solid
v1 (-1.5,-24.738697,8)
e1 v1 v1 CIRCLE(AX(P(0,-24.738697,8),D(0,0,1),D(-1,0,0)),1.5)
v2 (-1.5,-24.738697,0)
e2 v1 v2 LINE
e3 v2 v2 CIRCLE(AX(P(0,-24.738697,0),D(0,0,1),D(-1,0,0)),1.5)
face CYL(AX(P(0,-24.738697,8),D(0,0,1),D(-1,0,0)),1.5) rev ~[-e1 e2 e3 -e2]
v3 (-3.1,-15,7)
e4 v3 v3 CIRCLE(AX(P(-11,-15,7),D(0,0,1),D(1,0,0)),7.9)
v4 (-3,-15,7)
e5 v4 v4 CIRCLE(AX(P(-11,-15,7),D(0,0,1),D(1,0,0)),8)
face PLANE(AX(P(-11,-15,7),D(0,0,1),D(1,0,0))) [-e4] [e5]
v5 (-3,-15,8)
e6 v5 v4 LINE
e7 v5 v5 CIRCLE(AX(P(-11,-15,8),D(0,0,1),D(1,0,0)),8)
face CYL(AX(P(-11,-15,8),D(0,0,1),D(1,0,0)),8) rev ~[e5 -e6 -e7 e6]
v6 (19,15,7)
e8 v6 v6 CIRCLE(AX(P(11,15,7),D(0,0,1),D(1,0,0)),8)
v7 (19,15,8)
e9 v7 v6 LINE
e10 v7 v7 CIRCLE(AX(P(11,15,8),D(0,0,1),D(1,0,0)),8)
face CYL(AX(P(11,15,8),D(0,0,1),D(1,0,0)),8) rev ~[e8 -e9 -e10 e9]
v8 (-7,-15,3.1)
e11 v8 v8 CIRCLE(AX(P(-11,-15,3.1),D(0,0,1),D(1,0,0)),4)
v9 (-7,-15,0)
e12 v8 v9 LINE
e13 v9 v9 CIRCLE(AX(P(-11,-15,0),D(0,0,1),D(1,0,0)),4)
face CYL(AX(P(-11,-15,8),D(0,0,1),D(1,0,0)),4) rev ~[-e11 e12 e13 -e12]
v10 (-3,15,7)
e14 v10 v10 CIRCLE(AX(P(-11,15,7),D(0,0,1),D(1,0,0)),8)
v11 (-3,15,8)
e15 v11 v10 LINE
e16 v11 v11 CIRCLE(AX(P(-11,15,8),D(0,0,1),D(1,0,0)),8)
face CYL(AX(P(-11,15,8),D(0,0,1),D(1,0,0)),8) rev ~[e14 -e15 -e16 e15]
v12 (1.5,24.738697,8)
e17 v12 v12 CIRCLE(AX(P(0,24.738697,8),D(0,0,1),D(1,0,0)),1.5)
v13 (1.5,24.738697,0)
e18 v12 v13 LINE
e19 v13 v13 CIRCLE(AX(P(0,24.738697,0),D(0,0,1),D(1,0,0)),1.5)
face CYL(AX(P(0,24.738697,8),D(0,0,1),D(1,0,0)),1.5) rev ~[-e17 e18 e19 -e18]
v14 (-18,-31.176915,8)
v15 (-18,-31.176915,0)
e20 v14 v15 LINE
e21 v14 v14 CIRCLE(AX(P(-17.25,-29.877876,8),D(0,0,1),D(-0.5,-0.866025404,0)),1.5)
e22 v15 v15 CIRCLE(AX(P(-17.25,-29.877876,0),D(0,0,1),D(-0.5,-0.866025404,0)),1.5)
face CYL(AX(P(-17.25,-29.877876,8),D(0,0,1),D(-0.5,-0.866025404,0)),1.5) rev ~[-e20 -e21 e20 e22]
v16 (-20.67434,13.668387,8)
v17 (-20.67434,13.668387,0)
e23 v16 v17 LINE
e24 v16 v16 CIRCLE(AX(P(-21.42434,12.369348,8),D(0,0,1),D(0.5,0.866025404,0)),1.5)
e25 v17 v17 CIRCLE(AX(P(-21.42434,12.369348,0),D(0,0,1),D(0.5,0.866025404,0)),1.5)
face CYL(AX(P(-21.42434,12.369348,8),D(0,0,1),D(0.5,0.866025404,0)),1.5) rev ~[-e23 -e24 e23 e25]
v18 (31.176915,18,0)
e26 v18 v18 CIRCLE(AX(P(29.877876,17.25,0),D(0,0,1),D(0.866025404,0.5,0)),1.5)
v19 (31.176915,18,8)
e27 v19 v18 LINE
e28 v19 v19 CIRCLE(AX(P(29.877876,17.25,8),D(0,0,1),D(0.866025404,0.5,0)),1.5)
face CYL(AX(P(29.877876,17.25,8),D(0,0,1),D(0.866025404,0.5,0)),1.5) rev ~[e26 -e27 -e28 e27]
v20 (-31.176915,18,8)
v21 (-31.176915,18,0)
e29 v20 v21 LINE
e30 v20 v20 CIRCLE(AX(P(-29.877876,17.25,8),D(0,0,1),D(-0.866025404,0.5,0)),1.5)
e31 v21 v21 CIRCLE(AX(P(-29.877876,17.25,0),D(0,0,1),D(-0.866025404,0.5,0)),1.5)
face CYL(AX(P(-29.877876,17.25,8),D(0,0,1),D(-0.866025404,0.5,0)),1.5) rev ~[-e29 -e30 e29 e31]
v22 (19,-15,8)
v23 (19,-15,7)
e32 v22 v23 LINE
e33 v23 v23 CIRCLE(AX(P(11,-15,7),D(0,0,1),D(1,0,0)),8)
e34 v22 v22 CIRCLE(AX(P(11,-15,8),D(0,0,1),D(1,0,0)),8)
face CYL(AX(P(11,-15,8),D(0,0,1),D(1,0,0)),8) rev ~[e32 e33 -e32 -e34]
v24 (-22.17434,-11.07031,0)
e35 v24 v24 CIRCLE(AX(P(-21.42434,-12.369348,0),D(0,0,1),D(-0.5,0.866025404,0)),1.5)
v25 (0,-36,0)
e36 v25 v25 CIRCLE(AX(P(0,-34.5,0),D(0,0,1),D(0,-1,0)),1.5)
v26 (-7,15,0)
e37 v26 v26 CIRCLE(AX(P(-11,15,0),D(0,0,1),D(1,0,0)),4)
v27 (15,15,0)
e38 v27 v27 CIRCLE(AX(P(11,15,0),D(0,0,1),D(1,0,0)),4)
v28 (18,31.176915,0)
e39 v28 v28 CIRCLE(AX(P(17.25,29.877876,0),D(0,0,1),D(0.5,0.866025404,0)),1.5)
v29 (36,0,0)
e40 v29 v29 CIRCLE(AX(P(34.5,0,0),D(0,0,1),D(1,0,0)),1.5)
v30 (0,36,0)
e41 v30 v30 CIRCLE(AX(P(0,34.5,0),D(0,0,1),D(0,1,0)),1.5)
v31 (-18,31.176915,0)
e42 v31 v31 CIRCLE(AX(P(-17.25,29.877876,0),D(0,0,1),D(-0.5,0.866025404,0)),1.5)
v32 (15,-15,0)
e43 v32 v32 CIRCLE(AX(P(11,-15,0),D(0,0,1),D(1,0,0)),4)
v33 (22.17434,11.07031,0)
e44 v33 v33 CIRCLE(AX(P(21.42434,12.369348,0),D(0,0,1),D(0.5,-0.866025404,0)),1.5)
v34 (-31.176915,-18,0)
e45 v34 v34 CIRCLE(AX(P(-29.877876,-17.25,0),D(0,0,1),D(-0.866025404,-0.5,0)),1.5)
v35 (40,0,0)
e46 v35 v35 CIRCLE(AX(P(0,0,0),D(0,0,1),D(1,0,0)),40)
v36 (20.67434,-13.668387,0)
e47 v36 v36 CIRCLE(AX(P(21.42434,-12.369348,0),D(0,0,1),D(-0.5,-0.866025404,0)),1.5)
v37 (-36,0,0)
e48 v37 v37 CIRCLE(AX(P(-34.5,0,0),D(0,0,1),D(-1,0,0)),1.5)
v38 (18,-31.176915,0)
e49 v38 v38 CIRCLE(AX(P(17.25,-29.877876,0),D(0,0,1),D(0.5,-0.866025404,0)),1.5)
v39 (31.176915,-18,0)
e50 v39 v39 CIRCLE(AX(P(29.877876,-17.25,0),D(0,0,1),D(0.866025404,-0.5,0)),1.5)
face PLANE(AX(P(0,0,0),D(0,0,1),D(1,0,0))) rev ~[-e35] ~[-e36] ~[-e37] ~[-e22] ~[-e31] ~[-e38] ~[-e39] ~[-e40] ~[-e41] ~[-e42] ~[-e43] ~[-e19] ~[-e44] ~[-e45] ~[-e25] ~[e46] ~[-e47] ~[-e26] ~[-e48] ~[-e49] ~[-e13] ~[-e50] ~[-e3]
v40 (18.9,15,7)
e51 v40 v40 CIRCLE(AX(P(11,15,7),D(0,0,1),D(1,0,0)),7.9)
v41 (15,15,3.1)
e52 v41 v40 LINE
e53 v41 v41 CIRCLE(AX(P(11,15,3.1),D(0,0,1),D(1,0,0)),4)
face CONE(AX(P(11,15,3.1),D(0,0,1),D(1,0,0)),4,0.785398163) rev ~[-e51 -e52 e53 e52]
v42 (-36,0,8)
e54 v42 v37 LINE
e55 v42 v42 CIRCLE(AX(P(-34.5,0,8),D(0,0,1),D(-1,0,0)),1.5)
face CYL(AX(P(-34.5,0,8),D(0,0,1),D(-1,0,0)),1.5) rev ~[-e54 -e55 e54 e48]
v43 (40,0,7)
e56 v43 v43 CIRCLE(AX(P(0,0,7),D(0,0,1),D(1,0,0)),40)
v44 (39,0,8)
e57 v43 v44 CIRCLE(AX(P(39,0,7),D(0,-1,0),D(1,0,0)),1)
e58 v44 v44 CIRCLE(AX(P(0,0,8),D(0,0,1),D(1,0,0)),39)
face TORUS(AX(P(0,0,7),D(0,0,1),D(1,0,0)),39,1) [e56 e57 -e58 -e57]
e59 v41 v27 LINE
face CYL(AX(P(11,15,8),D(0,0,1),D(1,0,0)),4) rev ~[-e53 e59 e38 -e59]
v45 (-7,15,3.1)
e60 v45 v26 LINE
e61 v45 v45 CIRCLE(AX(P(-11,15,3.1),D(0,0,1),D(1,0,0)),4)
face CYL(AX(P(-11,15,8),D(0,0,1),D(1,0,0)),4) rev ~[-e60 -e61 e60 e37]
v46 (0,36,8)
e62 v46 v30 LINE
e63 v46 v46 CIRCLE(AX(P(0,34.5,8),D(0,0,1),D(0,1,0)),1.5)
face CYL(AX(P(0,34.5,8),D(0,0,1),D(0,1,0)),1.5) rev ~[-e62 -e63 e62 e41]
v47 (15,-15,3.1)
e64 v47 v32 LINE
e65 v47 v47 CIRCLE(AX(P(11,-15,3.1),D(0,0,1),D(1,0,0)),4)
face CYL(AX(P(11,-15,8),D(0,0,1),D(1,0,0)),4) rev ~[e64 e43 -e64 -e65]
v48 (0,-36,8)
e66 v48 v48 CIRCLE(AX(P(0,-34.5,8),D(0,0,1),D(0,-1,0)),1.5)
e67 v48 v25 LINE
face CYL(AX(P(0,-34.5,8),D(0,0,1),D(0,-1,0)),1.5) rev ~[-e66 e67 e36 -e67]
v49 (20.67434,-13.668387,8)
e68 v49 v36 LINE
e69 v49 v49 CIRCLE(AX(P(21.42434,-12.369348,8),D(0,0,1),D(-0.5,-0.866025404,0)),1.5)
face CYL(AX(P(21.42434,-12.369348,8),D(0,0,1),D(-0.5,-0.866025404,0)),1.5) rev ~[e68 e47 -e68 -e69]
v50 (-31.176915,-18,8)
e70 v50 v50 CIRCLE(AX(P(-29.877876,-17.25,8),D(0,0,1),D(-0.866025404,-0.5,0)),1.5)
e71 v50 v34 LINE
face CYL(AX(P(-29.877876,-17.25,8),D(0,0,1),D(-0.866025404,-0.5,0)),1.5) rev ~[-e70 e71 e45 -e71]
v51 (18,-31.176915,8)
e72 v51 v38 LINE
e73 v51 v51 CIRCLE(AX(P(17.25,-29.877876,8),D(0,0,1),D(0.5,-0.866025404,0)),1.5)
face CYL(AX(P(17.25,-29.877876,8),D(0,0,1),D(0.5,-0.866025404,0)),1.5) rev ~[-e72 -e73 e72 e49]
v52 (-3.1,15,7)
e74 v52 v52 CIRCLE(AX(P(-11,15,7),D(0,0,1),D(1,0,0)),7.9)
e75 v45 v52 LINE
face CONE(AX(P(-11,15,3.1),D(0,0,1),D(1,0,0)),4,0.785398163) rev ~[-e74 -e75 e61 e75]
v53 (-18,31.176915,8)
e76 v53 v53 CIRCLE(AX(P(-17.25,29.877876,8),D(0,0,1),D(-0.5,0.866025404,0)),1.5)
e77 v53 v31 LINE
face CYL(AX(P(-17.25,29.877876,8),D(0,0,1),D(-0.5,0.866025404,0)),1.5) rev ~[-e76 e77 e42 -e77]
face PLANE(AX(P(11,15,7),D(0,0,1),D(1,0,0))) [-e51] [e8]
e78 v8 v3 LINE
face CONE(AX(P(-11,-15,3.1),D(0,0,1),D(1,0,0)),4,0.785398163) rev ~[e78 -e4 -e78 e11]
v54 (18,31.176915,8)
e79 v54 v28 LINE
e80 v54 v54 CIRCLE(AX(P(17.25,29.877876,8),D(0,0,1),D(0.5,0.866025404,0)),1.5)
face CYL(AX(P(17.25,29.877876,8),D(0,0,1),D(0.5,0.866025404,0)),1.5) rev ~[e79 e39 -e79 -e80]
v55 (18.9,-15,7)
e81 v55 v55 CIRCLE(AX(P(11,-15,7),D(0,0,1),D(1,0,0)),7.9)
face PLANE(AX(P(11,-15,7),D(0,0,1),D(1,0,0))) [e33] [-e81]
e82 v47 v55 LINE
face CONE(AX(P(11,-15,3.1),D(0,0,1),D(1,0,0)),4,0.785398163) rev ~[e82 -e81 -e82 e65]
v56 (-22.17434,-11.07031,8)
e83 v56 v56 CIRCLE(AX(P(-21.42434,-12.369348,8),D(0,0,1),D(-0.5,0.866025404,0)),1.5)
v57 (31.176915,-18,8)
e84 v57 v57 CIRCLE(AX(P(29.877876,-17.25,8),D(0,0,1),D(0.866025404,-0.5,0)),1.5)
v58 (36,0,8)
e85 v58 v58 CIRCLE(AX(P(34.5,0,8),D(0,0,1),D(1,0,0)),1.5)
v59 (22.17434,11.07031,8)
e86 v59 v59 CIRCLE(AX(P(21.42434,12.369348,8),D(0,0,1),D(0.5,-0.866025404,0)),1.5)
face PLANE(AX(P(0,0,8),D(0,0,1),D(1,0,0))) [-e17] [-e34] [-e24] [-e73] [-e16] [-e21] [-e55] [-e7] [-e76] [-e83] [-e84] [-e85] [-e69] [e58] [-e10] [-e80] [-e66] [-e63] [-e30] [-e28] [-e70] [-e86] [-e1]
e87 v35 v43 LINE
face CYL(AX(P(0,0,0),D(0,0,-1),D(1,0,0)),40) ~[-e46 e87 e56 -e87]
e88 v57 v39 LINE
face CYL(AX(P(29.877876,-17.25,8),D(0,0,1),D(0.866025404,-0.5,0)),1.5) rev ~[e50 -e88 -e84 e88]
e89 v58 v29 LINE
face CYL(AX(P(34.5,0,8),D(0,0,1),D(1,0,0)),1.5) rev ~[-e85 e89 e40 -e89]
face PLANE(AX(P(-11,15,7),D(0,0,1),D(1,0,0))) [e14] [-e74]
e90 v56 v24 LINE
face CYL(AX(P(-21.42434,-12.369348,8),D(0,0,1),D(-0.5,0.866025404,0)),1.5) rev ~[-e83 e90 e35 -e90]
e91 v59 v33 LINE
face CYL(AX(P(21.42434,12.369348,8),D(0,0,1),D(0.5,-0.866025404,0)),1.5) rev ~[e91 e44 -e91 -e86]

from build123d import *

# Parameters (mm, degrees)
SKETCH_R              = 40
PAD_DEPTH             = 8
SKETCH001_R           = 1.5
POCKET_DEPTH          = 234.84015
POLARPATTERN_COUNT    = 12
SKETCH002_R           = 4
POCKET001_DEPTH       = 8.001
SKETCH003_R           = 8
POCKET002_DEPTH       = 1
SKETCH004_R           = 1.5
POCKET003_DEPTH       = 234.84015
POLARPATTERN001_COUNT = 6
FILLET_R              = 1
CHAMFER_SIZE          = 3.9
CHAMFER001_SIZE       = 3.9
CHAMFER002_SIZE       = 3.9
CHAMFER003_SIZE       = 3.9


with BuildPart() as part:
    # Sketch → Pad (new body)
    with BuildSketch(Plane.XY):
        Circle(SKETCH_R)
    extrude(amount=PAD_DEPTH)

    # Sketch001 → Pocket (cut, through all)
    with BuildSketch(Plane.XY.offset(8)):
        with Locations((34.5, 0)):
            Circle(SKETCH001_R)
    pocket = extrude(amount=-POCKET_DEPTH, mode=Mode.SUBTRACT)

    # PolarPattern: Pocket ×12 about axis
    polarpattern_axis = Axis((0, 0, 8), (0, 0, 1))
    for i in range(1, POLARPATTERN_COUNT):
        add(pocket.rotate(polarpattern_axis, i * 360 / POLARPATTERN_COUNT), mode=Mode.SUBTRACT)

    # Sketch002 → Pocket001 (cut, through all)
    with BuildSketch(Plane.XY.offset(8)):
        with Locations((11, 15)):
            Circle(SKETCH002_R)
        with Locations((11, -15)):
            Circle(SKETCH002_R)
        with Locations((-11, -15)):
            Circle(SKETCH002_R)
        with Locations((-11, 15)):
            Circle(SKETCH002_R)
    extrude(amount=-POCKET001_DEPTH, mode=Mode.SUBTRACT)

    # Sketch003 → Pocket002 (cut)
    with BuildSketch(Plane.XY.offset(8)):
        with Locations((11, 15)):
            Circle(SKETCH003_R)
        with Locations((-11, 15)):
            Circle(SKETCH003_R)
        with Locations((-11, -15)):
            Circle(SKETCH003_R)
        with Locations((11, -15)):
            Circle(SKETCH003_R)
    extrude(amount=-POCKET002_DEPTH, mode=Mode.SUBTRACT)

    # Sketch004 → Pocket003 (cut, through all)
    with BuildSketch(Plane.XY.offset(8)):
        with Locations((0, 24.738697)):
            Circle(SKETCH004_R)
    pocket003 = extrude(amount=-POCKET003_DEPTH, mode=Mode.SUBTRACT)

    # PolarPattern001: Pocket003 ×6 about axis
    polarpattern001_axis = Axis((0, 0, 8), (0, 0, 1))
    for i in range(1, POLARPATTERN001_COUNT):
        add(pocket003.rotate(polarpattern001_axis, i * 360 / POLARPATTERN001_COUNT), mode=Mode.SUBTRACT)

    # Fillet
    fillet_edges = [part.edges().sort_by_distance(p)[0] for p in [
        (-40, 0, 8),
    ]]
    fillet(fillet_edges, radius=FILLET_R)

    # Chamfer
    chamfer_edges = [part.edges().sort_by_distance(p)[0] for p in [
        (-15, 15, 7),
    ]]
    chamfer(chamfer_edges, length=CHAMFER_SIZE)

    # Chamfer001
    chamfer001_edges = [part.edges().sort_by_distance(p)[0] for p in [
        (7, 15, 7),
    ]]
    chamfer(chamfer001_edges, length=CHAMFER001_SIZE)

    # Chamfer002
    chamfer002_edges = [part.edges().sort_by_distance(p)[0] for p in [
        (-15, -15, 7),
    ]]
    chamfer(chamfer002_edges, length=CHAMFER002_SIZE)

    # Chamfer003
    chamfer003_edges = [part.edges().sort_by_distance(p)[0] for p in [
        (7, -15, 7),
    ]]
    chamfer(chamfer003_edges, length=CHAMFER003_SIZE)


solid = part.part
